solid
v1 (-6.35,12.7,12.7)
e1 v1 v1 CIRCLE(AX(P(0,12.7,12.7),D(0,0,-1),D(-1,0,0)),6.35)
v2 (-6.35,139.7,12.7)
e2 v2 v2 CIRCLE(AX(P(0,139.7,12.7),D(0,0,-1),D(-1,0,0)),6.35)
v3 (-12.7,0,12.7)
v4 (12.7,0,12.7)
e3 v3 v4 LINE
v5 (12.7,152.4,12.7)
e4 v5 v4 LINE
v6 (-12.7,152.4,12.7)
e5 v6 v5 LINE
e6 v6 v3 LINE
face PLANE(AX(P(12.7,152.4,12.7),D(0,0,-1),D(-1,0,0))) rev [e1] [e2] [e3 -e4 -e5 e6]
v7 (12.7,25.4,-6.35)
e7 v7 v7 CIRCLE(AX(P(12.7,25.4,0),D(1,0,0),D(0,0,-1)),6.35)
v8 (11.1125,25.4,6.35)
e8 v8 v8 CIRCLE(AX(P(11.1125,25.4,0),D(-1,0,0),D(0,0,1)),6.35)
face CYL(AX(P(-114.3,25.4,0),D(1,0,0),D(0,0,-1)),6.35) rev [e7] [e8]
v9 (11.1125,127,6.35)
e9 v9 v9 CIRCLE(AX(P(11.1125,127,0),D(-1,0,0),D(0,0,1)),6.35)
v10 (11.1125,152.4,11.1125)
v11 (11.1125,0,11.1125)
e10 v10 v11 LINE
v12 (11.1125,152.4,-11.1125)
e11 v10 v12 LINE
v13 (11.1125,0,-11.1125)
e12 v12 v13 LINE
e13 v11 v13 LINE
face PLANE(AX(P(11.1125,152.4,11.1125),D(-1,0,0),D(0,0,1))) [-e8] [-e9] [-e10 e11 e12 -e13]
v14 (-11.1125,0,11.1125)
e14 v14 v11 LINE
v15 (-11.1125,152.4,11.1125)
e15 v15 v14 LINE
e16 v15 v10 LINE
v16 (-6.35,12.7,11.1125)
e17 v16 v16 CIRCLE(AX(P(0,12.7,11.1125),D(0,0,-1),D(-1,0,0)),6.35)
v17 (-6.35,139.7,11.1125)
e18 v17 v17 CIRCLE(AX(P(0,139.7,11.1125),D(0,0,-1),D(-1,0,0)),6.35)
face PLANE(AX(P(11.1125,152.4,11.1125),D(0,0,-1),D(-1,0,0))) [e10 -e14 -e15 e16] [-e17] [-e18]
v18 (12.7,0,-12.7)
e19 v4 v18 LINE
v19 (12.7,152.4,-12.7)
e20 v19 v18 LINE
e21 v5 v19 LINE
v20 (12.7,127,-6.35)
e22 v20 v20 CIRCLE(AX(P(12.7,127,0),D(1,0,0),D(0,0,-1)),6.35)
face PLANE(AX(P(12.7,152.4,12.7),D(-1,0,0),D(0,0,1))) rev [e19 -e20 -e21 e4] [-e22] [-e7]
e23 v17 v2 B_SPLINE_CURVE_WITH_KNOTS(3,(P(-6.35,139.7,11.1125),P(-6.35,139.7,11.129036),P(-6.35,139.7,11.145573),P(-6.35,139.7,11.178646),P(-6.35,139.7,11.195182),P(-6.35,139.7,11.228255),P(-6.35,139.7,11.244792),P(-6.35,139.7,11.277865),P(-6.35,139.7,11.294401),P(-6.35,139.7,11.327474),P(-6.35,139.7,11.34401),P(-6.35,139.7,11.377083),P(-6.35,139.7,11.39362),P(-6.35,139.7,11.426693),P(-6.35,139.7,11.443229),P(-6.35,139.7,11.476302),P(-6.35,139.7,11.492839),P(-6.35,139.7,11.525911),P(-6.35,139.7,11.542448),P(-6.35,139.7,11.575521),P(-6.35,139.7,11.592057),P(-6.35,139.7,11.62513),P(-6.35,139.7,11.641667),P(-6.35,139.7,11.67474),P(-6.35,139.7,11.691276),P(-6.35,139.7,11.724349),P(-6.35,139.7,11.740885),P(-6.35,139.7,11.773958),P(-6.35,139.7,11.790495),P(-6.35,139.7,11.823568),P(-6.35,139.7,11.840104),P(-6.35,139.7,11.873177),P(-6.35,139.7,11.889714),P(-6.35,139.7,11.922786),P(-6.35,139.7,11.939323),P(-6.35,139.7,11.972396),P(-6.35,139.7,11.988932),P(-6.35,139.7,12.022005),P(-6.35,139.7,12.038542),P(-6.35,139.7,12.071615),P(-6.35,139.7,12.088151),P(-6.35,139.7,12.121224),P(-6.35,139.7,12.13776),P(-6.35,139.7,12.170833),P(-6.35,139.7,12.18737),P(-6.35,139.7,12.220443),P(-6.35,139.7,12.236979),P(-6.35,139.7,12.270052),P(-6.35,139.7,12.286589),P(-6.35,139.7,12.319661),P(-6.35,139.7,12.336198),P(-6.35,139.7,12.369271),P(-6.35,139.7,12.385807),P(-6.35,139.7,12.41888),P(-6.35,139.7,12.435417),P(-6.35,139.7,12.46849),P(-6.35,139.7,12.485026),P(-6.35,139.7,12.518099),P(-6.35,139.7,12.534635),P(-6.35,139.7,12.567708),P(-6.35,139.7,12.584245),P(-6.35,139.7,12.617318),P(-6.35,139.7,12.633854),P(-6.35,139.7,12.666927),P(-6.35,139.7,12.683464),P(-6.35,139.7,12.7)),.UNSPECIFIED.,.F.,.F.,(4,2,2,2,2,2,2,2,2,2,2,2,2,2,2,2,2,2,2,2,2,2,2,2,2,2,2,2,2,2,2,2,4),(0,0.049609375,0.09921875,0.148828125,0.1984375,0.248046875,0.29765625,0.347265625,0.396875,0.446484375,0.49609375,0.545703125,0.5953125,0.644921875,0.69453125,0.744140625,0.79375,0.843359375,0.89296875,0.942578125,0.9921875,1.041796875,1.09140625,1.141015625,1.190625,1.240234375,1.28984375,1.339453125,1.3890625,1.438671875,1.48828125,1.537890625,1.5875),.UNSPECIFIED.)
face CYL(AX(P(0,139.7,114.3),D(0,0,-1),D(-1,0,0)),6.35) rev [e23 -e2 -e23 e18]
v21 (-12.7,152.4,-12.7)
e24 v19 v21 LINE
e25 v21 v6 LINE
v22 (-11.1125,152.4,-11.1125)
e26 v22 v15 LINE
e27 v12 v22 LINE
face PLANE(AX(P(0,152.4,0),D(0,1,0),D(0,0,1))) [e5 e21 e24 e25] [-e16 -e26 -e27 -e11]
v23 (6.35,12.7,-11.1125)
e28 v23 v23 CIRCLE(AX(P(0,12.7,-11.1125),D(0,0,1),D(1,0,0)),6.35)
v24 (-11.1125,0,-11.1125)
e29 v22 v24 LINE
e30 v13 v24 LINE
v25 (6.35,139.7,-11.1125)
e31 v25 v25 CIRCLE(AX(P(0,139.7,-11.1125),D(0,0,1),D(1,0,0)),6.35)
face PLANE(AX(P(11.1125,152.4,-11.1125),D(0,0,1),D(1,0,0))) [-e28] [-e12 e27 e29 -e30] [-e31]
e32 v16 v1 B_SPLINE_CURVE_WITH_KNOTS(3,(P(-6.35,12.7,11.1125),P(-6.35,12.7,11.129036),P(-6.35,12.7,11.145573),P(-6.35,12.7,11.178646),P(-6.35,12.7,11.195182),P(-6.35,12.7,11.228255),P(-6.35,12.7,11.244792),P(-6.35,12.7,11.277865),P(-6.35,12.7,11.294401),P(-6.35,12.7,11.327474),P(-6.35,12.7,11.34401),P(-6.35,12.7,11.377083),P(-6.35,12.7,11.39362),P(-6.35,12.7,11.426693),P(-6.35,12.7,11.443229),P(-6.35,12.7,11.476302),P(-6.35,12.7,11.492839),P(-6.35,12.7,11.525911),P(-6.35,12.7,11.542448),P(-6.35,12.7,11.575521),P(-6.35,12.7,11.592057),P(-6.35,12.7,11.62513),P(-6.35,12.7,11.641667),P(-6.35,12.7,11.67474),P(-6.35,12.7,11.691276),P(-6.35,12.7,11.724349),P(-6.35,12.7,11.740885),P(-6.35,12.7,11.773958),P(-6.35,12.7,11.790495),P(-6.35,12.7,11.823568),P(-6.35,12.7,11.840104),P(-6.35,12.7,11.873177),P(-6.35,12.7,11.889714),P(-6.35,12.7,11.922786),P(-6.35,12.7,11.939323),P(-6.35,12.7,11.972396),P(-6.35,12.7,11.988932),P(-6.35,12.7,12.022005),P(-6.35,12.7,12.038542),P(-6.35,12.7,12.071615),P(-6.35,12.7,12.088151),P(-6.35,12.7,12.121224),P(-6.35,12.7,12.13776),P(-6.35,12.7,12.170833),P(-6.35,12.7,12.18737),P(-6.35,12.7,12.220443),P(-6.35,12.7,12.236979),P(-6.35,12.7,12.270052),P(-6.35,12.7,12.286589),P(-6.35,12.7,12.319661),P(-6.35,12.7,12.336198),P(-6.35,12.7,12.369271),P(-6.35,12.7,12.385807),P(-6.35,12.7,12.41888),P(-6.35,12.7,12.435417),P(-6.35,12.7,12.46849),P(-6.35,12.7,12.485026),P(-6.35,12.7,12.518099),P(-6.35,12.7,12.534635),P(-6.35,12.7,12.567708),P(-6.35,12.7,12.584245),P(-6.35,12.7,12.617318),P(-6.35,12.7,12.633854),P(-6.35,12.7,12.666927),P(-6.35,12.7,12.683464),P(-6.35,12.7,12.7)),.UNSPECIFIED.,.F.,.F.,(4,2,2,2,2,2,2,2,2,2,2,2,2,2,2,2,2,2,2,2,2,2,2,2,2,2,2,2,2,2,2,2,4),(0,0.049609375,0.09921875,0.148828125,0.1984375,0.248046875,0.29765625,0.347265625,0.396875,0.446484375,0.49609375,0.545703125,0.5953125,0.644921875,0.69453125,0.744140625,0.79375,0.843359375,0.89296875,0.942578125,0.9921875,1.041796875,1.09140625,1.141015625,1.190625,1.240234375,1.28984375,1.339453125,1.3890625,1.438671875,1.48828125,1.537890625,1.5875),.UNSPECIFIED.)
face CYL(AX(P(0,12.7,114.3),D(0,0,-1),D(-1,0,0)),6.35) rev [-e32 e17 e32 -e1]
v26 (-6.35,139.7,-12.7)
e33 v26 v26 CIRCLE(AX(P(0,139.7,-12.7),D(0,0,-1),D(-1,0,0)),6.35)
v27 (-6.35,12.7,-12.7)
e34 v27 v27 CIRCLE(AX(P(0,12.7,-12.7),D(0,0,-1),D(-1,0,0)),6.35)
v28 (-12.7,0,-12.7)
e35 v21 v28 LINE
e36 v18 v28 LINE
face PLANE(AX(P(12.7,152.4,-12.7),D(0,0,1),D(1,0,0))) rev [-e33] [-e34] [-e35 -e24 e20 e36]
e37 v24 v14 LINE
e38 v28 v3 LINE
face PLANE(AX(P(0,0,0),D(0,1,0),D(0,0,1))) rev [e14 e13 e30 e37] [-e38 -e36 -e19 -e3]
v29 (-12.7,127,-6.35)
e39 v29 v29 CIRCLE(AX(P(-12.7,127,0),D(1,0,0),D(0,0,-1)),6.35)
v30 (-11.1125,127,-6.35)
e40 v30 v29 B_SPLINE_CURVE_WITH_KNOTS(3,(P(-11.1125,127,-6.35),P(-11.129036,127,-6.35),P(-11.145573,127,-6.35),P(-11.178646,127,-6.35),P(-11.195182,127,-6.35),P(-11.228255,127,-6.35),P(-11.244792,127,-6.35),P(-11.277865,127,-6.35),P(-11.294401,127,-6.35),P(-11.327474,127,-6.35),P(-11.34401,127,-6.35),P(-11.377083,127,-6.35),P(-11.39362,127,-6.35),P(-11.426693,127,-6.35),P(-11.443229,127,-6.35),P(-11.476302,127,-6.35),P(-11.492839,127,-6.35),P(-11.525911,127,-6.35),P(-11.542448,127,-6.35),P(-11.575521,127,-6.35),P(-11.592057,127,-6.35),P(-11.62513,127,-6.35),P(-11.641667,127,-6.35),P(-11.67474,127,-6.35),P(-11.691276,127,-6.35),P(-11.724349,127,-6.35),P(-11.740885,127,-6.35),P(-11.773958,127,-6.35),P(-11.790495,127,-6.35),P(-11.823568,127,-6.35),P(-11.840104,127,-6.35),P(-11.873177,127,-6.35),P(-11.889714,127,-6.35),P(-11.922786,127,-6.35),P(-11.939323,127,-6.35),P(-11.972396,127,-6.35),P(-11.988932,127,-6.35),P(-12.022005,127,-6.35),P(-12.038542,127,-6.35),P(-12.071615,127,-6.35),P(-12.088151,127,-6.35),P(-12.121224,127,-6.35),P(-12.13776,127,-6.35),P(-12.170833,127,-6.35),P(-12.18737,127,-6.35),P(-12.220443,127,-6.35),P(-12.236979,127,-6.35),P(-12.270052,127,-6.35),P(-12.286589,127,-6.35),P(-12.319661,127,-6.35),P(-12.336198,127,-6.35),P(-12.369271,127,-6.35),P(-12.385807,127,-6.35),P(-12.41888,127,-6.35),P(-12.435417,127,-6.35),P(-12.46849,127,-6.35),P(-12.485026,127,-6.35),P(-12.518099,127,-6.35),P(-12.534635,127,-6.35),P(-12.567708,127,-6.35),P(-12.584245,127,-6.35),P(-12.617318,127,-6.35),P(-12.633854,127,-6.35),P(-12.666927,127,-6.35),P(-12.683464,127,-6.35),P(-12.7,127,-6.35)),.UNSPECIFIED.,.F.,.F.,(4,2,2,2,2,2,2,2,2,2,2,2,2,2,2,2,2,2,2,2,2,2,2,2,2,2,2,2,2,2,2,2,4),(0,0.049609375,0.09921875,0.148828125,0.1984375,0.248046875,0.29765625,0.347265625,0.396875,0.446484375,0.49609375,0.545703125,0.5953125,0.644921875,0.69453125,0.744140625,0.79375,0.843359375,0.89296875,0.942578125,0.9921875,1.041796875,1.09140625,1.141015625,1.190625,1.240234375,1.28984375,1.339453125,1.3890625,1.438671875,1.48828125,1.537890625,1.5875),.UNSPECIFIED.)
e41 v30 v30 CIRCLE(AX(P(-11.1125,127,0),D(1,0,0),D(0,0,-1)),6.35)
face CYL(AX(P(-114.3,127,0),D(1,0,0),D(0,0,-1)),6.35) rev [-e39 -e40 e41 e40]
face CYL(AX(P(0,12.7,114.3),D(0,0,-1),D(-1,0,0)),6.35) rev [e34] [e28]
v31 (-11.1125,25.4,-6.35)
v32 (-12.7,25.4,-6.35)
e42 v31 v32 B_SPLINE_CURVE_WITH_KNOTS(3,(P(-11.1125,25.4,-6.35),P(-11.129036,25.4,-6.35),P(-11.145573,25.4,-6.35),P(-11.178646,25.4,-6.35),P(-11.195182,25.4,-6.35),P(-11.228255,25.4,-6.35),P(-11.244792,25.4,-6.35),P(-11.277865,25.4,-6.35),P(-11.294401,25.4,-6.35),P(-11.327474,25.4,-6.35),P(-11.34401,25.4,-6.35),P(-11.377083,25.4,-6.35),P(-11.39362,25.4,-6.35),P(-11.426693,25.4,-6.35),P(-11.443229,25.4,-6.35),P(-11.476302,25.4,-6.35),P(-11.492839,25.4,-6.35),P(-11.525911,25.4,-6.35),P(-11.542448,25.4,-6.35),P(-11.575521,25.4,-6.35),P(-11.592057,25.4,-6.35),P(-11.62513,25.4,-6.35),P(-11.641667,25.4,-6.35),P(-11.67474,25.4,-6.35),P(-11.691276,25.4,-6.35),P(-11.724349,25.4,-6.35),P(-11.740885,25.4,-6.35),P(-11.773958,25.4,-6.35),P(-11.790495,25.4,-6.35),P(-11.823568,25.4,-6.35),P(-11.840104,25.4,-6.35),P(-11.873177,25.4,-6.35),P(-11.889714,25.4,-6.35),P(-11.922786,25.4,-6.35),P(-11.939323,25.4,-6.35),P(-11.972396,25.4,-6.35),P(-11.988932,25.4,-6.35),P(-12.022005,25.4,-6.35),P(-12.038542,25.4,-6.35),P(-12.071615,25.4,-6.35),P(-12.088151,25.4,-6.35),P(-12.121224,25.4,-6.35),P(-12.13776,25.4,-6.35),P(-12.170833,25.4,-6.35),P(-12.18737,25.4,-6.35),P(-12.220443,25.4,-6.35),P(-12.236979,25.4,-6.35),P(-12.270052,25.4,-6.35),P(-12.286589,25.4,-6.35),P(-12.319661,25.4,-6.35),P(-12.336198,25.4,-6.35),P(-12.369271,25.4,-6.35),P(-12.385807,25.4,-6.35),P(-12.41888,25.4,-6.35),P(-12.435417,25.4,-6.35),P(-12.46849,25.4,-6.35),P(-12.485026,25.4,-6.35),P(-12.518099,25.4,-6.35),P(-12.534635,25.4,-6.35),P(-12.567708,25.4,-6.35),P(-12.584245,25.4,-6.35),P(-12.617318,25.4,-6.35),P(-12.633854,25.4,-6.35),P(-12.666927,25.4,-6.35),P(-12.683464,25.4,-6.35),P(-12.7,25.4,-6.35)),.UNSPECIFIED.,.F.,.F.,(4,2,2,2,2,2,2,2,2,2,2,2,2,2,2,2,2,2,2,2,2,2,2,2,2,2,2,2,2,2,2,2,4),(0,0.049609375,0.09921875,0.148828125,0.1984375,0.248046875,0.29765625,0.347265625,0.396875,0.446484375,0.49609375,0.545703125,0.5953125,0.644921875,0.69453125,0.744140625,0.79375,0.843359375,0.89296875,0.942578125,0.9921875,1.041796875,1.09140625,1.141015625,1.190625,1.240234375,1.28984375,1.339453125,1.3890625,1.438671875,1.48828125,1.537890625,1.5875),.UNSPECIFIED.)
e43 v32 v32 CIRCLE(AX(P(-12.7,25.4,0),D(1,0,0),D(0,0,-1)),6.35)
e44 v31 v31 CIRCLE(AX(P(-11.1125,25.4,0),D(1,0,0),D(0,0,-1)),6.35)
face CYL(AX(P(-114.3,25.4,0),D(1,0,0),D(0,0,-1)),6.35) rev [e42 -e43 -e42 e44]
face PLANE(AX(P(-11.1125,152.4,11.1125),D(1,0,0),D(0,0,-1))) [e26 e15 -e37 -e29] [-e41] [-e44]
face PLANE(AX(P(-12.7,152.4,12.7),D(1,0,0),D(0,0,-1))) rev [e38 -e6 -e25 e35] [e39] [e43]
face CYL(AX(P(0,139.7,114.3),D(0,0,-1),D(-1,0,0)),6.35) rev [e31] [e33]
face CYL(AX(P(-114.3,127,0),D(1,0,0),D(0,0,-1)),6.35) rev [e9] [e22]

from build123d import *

# Parameters (mm, degrees)
SKETCH1_W           = 25.4
SKETCH1_H           = 25.4
SKETCH1_W_2         = 22.225
SKETCH1_H_2         = 22.225
BOSS_EXTRUDE1_DEPTH = 152.4
SKETCH2_R           = 6.35
CUT_EXTRUDE1_DEPTH  = 127
SKETCH3_R           = 6.35
CUT_EXTRUDE2_DEPTH  = 127
SKETCH4_R           = 6.35
CUT_EXTRUDE3_DEPTH  = 127
SKETCH5_R           = 6.35
CUT_EXTRUDE4_DEPTH  = 127


with BuildPart() as part:
    # Sketch1 → Boss-Extrude1 (new body)
    with BuildSketch(Plane(origin=(0, 0, 0), x_dir=(1, 0, 0), z_dir=(0, 1, 0))):
        Rectangle(SKETCH1_W, SKETCH1_H)
        Rectangle(SKETCH1_W_2, SKETCH1_H_2, mode=Mode.SUBTRACT)
    extrude(amount=BOSS_EXTRUDE1_DEPTH)

    # Sketch2 → Cut-Extrude1 (cut)
    with BuildSketch(Plane(origin=(0, 0, -12.7), x_dir=(-1, 0, 0), z_dir=(0, 0, -1))):
        with Locations((0, 139.7)):
            Circle(SKETCH2_R)
    extrude(amount=-CUT_EXTRUDE1_DEPTH, mode=Mode.SUBTRACT)

    # Sketch3 → Cut-Extrude2 (cut)
    with BuildSketch(Plane(origin=(12.7, 0, 0), x_dir=(0, 0, -1), z_dir=(1, 0, 0))):
        with Locations((0, 127)):
            Circle(SKETCH3_R)
    extrude(amount=-CUT_EXTRUDE2_DEPTH, mode=Mode.SUBTRACT)

    # Sketch4 → Cut-Extrude3 (cut)
    with BuildSketch(Plane(origin=(0, 0, -12.7), x_dir=(-1, 0, 0), z_dir=(0, 0, -1))):
        with Locations((0, 12.7)):
            Circle(SKETCH4_R)
    extrude(amount=-CUT_EXTRUDE3_DEPTH, mode=Mode.SUBTRACT)

    # Sketch5 → Cut-Extrude4 (cut)
    with BuildSketch(Plane(origin=(12.7, 0, 0), x_dir=(0, 0, -1), z_dir=(1, 0, 0))):
        with Locations((0, 25.4)):
            Circle(SKETCH5_R)
    extrude(amount=-CUT_EXTRUDE4_DEPTH, mode=Mode.SUBTRACT)


solid = part.part
